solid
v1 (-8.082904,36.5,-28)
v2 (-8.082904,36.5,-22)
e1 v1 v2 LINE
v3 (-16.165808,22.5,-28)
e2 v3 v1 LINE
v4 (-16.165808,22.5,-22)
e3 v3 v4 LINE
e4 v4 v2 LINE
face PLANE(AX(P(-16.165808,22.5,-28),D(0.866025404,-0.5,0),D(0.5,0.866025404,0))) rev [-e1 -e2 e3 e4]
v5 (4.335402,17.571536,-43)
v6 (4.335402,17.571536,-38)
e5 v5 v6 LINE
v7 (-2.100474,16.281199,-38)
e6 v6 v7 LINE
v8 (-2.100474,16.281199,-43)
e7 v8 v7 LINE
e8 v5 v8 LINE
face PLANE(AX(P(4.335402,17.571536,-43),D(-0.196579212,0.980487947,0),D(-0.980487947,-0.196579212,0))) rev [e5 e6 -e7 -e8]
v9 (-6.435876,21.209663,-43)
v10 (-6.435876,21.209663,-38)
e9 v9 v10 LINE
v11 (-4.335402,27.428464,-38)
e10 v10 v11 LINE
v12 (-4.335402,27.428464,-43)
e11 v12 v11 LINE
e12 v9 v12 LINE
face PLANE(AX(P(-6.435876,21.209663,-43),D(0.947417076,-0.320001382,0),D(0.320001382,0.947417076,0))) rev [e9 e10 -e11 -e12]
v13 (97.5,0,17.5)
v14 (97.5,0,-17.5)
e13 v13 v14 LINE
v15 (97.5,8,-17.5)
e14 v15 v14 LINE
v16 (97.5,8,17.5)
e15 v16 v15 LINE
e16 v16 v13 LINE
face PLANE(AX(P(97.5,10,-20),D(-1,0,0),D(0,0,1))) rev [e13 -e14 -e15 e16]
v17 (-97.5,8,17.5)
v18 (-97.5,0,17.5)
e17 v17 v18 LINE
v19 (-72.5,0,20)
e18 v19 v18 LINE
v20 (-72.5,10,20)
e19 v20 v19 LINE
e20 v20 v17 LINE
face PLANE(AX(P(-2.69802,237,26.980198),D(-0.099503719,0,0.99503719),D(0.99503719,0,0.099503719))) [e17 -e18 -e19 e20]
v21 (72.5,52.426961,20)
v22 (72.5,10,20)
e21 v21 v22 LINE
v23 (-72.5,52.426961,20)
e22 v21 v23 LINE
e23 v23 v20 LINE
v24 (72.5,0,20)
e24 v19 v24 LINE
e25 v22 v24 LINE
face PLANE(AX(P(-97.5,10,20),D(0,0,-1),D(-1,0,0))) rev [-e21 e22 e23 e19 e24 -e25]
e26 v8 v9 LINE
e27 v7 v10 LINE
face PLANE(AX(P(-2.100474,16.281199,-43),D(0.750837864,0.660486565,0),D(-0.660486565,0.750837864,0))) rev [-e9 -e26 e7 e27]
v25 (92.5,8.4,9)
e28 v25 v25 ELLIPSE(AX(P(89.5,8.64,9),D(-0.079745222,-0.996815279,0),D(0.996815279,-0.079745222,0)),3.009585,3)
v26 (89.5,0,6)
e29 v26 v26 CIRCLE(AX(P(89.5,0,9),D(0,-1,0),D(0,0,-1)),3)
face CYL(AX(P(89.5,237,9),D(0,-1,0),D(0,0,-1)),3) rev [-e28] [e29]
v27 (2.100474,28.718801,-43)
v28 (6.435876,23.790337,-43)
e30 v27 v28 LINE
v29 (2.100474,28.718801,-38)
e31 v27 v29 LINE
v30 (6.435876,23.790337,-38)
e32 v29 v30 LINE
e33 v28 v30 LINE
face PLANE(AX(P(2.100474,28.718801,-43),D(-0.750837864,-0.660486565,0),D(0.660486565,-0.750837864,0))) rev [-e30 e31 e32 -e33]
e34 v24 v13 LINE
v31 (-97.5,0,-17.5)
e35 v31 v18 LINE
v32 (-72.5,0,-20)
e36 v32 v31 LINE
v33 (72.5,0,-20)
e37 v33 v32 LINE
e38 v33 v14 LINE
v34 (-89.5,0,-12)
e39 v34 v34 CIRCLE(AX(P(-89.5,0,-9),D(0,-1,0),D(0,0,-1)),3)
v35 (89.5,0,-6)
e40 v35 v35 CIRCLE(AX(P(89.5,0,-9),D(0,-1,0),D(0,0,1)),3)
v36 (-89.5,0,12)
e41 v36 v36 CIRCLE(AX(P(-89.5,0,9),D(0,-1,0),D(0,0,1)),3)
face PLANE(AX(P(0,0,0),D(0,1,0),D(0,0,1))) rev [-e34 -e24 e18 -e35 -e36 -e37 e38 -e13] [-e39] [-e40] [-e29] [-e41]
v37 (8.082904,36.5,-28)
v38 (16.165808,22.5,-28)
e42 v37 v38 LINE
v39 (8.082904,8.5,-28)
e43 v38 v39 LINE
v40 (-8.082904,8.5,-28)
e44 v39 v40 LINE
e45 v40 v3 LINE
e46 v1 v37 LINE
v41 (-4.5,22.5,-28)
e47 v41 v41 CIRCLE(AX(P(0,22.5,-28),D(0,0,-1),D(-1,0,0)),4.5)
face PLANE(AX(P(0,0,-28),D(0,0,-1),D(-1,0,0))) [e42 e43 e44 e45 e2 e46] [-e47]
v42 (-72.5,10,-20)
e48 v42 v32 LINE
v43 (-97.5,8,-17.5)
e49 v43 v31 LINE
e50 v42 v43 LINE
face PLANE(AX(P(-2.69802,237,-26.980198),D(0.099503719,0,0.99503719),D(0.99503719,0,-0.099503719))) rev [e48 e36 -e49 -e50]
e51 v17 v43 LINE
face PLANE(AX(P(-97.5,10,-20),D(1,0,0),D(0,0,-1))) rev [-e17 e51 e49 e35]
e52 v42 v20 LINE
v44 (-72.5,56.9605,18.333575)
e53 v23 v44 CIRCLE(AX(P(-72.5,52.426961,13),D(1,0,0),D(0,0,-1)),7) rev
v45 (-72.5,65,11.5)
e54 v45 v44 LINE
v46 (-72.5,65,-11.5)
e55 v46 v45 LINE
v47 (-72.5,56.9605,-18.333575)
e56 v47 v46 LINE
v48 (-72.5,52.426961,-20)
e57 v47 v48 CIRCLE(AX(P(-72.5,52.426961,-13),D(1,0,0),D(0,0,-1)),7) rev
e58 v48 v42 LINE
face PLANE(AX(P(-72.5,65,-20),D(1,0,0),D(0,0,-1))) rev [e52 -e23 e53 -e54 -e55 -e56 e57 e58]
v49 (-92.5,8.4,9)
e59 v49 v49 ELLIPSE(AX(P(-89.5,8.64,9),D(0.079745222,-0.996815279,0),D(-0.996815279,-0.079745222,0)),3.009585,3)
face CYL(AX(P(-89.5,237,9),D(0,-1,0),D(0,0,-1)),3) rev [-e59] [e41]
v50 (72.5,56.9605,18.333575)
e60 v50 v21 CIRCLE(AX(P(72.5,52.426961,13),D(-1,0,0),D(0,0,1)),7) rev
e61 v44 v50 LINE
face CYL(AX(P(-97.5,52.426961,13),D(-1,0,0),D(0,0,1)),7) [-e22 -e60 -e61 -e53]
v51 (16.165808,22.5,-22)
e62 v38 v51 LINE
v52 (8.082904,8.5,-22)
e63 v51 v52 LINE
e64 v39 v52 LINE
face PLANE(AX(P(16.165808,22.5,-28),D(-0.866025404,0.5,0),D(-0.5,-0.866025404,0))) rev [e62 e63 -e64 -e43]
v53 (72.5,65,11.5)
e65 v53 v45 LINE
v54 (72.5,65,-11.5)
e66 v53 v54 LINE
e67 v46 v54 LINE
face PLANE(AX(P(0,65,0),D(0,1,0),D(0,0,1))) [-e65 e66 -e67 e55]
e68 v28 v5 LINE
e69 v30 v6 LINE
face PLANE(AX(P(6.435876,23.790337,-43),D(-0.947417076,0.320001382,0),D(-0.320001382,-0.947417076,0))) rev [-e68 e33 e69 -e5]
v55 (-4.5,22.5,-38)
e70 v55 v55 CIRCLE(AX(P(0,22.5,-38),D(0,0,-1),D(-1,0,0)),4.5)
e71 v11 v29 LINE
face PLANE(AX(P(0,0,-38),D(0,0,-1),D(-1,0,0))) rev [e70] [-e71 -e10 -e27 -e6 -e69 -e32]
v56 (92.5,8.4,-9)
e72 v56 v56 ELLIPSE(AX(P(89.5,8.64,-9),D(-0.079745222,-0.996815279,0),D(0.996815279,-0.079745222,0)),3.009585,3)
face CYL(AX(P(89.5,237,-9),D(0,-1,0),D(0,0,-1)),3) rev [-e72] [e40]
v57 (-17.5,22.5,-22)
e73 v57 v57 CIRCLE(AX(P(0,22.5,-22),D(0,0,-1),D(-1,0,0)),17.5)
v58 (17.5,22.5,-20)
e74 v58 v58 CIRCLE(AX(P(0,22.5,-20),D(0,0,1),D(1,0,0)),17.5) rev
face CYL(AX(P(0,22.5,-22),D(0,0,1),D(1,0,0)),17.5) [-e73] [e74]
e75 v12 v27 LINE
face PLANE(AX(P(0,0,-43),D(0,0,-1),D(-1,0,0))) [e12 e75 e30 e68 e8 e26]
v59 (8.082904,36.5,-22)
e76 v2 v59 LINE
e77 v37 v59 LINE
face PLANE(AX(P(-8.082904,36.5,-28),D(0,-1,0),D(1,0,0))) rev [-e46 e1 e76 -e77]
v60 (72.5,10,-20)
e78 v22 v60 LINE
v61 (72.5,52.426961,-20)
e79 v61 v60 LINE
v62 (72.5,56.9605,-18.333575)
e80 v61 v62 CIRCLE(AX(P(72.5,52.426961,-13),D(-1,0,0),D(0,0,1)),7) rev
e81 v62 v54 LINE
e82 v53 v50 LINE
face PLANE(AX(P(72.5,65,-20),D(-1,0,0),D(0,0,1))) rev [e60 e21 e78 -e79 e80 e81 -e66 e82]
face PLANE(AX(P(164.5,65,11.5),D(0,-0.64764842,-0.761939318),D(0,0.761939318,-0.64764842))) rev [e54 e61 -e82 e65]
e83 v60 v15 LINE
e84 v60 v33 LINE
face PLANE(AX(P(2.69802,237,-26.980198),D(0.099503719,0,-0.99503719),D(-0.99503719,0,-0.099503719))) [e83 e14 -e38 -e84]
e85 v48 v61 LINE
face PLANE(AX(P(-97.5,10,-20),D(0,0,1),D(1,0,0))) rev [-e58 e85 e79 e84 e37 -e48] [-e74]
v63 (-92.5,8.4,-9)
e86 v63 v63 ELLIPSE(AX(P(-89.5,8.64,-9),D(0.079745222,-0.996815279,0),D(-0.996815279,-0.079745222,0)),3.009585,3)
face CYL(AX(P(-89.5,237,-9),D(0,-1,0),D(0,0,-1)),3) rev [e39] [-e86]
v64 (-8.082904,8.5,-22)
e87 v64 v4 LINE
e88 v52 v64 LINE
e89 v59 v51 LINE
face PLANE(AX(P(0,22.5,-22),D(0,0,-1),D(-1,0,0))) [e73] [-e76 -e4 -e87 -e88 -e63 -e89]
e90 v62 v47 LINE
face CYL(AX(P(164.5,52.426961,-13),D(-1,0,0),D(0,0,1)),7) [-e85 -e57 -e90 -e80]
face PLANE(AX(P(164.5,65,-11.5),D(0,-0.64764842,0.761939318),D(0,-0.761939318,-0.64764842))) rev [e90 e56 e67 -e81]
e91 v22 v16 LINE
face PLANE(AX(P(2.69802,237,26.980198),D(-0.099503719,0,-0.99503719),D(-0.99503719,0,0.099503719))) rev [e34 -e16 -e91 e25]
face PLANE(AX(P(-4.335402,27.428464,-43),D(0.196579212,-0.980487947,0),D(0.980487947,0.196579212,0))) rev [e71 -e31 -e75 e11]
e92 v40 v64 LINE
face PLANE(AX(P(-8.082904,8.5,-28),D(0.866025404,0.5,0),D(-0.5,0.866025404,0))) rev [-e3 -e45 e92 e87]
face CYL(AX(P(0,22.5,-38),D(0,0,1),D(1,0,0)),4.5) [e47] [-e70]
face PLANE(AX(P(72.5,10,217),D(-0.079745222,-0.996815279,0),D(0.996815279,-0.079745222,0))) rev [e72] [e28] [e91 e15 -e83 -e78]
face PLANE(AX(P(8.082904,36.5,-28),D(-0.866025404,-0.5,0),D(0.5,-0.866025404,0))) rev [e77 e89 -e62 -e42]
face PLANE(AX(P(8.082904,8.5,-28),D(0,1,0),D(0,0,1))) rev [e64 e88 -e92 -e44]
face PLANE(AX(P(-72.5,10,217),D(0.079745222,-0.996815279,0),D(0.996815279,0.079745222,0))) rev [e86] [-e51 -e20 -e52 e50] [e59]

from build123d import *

# Parameters (mm, degrees)
SKETCH1_W           = 195
SKETCH1_H           = 40
BOSS_EXTRUDE1_DEPTH = 10
SKETCH2_W           = 145
SKETCH2_H           = 40
BOSS_EXTRUDE2_DEPTH = 55
CUT_EXTRUDE1_DEPTH  = 237
FILLET1_R           = 7
CUT_EXTRUDE2_DEPTH  = 237
CUT_EXTRUDE3_DEPTH  = 237
SKETCH6_R           = 3
CUT_EXTRUDE4_DEPTH  = 237
SKETCH7_R           = 17.5
BOSS_EXTRUDE3_DEPTH = 2
BOSS_EXTRUDE4_DEPTH = 6
SKETCH9_R           = 4.5
BOSS_EXTRUDE5_DEPTH = 10
BOSS_EXTRUDE7_DEPTH = 5


with BuildPart() as part:
    # Sketch1 → Boss-Extrude1 (new body)
    with BuildSketch(Plane(origin=(0, 0, 0), x_dir=(1, 0, 0), z_dir=(0, 1, 0))):
        Rectangle(SKETCH1_W, SKETCH1_H)
    extrude(amount=BOSS_EXTRUDE1_DEPTH)

    # Sketch2 → Boss-Extrude2 (add)
    with BuildSketch(Plane(origin=(0, 10, 0), x_dir=(1, 0, 0), z_dir=(0, 1, 0))):
        Rectangle(SKETCH2_W, SKETCH2_H)
    extrude(amount=BOSS_EXTRUDE2_DEPTH)

    # Sketch3 → Cut-Extrude1 (cut)
    with BuildSketch(Plane.ZY.offset(72.5)):
        Polygon((-11.5, 65), (-20, 55), (-20, 68.642587118), align=None)
        Polygon((11.5, 65), (20, 55), (20, 68.642587118), align=None)
    extrude(amount=-CUT_EXTRUDE1_DEPTH, mode=Mode.SUBTRACT)

    # Fillet1
    fillet1_edges = [part.edges().sort_by_distance(p)[0] for p in [
        (0, 55, -20),
        (0, 55, 20),
    ]]
    fillet(fillet1_edges, radius=FILLET1_R)

    # Sketch4 → Cut-Extrude2 (cut)
    with BuildSketch(Plane(origin=(0, 0, -20), x_dir=(-1, 0, 0), z_dir=(0, 0, -1))):
        Polygon((72.5, 10), (97.5, 8), (97.5, 10), align=None)
        Polygon((-97.5, 10), (-72.5, 10), (-97.5, 8), align=None)
    extrude(amount=-CUT_EXTRUDE2_DEPTH, mode=Mode.SUBTRACT)

    # Sketch5 → Cut-Extrude3 (cut)
    with BuildSketch(Plane.XZ):
        Polygon((97.5, -20), (97.5, -17.5), (72.5, -20), align=None)
        Polygon((97.5, 20), (72.5, 20), (97.5, 17.5), align=None)
        Polygon((-97.5, 17.5), (-72.5, 20), (-97.5, 20), align=None)
        Polygon((-72.5, -20), (-97.5, -17.5), (-97.5, -20), align=None)
    extrude(amount=-CUT_EXTRUDE3_DEPTH, mode=Mode.SUBTRACT)

    # Sketch6 → Cut-Extrude4 (cut)
    with BuildSketch(Plane.XZ):
        with Locations((89.5, 9)):
            Circle(SKETCH6_R)
        with Locations((89.5, -9)):
            Circle(SKETCH6_R)
        with Locations((-89.5, 9)):
            Circle(SKETCH6_R)
        with Locations((-89.5, -9)):
            Circle(SKETCH6_R)
    extrude(amount=-CUT_EXTRUDE4_DEPTH, mode=Mode.SUBTRACT)

    # Sketch7 → Boss-Extrude3 (add)
    with BuildSketch(Plane(origin=(0, 0, -20), x_dir=(-1, 0, 0), z_dir=(0, 0, -1))):
        with Locations((0, 22.5)):
            Circle(SKETCH7_R)
    extrude(amount=BOSS_EXTRUDE3_DEPTH)

    # Sketch8 → Boss-Extrude4 (add)
    with BuildSketch(Plane(origin=(0, 0, -22), x_dir=(-1, 0, 0), z_dir=(0, 0, -1))):
        Polygon((8.082903769, 8.5), (16.165807537, 22.5), (8.082903769, 36.5), (-8.082903769, 36.5), (-16.165807537, 22.5), (-8.082903769, 8.5), align=None)
    extrude(amount=BOSS_EXTRUDE4_DEPTH)

    # Sketch9 → Boss-Extrude5 (add)
    with BuildSketch(Plane(origin=(0, 0, -28), x_dir=(-1, 0, 0), z_dir=(0, 0, -1))):
        with Locations((0, 22.5)):
            Circle(SKETCH9_R)
    extrude(amount=BOSS_EXTRUDE5_DEPTH)

    # Sketch12 → Boss-Extrude7 (add)
    with BuildSketch(Plane(origin=(0, 0, -38), x_dir=(-1, 0, 0), z_dir=(0, 0, -1))):
        Polygon((2.100473826, 16.281199441), (6.435876178, 21.209663414), (4.335402352, 27.428463972), (-2.100473826, 28.718800559), (-6.435876178, 23.790336586), (-4.335402352, 17.571536028), align=None)
    extrude(amount=BOSS_EXTRUDE7_DEPTH)


solid = part.part
